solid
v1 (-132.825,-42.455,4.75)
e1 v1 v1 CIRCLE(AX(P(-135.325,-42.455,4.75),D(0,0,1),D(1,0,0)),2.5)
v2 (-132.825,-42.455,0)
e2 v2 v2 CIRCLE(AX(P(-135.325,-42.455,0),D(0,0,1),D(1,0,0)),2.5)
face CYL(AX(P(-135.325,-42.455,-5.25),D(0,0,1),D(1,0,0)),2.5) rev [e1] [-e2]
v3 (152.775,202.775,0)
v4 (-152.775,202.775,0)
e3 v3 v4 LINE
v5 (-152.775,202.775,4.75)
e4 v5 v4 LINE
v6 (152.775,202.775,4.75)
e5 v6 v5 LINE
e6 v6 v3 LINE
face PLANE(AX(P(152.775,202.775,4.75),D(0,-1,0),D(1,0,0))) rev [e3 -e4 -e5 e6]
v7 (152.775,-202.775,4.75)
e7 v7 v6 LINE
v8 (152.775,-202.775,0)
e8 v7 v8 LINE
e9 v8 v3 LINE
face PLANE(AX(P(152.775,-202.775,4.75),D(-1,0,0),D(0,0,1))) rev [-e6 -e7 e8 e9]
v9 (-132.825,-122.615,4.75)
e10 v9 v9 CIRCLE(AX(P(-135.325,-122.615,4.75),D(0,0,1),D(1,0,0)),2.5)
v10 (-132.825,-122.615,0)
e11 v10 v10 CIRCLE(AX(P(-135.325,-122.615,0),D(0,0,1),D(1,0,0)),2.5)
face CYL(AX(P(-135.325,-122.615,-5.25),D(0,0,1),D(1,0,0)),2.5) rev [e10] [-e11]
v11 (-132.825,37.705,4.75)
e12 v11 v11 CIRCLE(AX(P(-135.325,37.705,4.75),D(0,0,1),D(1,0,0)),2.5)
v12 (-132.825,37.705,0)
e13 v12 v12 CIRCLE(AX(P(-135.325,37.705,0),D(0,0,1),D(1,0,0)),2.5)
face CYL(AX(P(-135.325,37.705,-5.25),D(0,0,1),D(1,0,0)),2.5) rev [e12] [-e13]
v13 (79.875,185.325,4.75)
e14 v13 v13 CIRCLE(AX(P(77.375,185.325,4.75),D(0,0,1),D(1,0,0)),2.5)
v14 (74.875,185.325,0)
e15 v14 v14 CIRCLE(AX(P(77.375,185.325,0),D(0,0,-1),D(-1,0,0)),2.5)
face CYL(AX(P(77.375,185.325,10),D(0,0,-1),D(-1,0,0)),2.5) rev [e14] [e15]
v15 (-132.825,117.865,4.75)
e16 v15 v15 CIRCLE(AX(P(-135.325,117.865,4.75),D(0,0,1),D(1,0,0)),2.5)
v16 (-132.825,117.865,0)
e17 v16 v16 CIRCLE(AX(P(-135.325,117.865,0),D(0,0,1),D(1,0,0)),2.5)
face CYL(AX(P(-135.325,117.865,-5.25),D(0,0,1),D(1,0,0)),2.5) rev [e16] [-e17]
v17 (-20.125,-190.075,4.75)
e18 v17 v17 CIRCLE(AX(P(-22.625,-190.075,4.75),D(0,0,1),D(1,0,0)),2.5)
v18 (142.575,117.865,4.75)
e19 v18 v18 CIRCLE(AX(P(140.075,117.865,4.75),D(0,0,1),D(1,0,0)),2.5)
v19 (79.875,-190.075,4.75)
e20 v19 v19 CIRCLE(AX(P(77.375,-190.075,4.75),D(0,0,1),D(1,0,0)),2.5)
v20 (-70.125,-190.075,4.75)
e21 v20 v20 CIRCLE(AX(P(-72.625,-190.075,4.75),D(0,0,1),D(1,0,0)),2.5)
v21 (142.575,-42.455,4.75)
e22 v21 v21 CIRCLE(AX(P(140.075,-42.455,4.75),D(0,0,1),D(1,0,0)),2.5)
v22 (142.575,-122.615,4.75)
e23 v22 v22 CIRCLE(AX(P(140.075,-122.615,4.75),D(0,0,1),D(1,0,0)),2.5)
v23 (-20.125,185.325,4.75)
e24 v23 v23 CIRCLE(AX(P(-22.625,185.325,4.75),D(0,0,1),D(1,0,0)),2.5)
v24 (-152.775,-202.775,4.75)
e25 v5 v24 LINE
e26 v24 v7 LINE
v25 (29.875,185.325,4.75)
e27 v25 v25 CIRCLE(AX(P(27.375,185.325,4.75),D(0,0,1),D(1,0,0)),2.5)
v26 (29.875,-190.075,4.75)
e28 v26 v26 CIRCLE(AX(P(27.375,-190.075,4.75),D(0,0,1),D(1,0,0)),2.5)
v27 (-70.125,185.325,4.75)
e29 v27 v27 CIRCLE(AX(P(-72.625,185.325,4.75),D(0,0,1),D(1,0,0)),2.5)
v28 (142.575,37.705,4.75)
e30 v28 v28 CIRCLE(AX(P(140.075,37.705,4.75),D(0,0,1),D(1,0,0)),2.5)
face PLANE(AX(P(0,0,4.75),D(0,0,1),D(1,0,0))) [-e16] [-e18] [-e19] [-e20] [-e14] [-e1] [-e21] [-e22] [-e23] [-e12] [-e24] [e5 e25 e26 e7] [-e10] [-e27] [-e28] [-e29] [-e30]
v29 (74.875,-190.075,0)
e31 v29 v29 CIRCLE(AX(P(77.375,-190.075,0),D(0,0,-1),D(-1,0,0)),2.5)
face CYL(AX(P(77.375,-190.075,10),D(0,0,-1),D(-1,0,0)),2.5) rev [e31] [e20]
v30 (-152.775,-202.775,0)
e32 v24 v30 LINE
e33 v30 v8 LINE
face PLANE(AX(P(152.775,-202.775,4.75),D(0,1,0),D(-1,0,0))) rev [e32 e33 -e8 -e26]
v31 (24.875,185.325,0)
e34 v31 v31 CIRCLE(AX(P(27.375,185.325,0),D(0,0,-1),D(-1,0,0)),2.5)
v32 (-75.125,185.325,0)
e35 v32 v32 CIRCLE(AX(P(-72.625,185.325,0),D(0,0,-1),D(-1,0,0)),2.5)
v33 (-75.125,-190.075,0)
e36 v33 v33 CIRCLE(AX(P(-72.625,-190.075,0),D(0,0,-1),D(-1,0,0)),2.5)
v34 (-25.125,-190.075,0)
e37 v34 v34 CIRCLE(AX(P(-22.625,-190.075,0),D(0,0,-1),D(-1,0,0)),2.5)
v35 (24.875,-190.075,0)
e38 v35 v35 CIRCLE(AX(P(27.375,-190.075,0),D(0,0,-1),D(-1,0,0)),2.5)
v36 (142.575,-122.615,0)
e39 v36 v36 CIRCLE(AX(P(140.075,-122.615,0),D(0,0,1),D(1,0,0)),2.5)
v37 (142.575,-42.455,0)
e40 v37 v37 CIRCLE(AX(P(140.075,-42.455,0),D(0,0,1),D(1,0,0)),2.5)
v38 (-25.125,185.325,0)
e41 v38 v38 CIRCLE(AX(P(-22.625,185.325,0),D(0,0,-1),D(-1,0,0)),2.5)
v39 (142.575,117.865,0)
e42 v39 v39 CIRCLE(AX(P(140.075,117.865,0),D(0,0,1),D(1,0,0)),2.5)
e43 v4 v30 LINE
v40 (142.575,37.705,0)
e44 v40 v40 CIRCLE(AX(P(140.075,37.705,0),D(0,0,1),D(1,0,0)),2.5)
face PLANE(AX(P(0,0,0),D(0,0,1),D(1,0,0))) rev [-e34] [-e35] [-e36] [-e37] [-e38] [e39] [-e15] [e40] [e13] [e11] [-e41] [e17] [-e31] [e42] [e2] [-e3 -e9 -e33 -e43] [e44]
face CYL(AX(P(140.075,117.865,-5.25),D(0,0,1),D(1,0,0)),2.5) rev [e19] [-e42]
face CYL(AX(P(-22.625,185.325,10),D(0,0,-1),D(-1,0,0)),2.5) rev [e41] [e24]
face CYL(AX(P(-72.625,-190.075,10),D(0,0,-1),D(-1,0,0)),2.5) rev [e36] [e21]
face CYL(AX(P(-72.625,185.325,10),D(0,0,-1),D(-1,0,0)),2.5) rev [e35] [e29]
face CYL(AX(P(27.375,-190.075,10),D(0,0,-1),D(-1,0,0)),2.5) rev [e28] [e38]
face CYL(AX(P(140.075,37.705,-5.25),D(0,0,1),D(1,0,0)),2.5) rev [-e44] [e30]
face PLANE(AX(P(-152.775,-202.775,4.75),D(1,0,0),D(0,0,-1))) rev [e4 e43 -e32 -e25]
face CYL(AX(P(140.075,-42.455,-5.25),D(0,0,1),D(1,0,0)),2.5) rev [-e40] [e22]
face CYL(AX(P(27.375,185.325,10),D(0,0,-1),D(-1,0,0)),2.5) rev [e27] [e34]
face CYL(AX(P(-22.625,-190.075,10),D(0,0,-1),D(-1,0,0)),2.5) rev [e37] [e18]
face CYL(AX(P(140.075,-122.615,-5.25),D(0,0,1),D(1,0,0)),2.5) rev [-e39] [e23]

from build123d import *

# Parameters (mm, degrees)
SKETCH_1_W          = 305.55
SKETCH_1_H          = 405.55
EXTRUDE_1_DEPTH     = 4.75
SKETCH_3_R          = 2.5
CUT_EXTRUDE_1_DEPTH = 10
SKETCH_5_R          = 2.5
CUT_EXTRUDE_3_DEPTH = 10
SKETCH_6_R          = 2.5
CUT_EXTRUDE_4_DEPTH = 10
SKETCH_7_R          = 2.5
CUT_EXTRUDE_5_DEPTH = 10


with BuildPart() as part:
    # 草圖1 → 填料-伸長1 (new body)
    with BuildSketch(Plane.XY):
        Rectangle(SKETCH_1_W, SKETCH_1_H)
    extrude(amount=EXTRUDE_1_DEPTH)

    # 草圖3 → 除料-伸長1 (cut)
    with BuildSketch(Plane.XY.offset(4.75)):
        with Locations((140.075, 37.705)):
            Circle(SKETCH_3_R)
        with Locations((140.075, 117.865)):
            Circle(SKETCH_3_R)
        with Locations((140.075, -42.455)):
            Circle(SKETCH_3_R)
        with Locations((140.075, -122.615)):
            Circle(SKETCH_3_R)
    extrude(amount=-CUT_EXTRUDE_1_DEPTH, mode=Mode.SUBTRACT)

    # 草圖5 → 除料-伸長3 (cut)
    with BuildSketch(Plane.XY.offset(4.75)):
        with Locations((-135.325, -122.615)):
            Circle(SKETCH_5_R)
        with Locations((-135.325, -42.455)):
            Circle(SKETCH_5_R)
        with Locations((-135.325, 37.705)):
            Circle(SKETCH_5_R)
        with Locations((-135.325, 117.865)):
            Circle(SKETCH_5_R)
    extrude(amount=-CUT_EXTRUDE_3_DEPTH, mode=Mode.SUBTRACT)

    # 草圖6 → 除料-伸長4 (cut)
    with BuildSketch(Plane(origin=(0, 0, 0), x_dir=(-1, 0, 0), z_dir=(0, 0, -1))):
        with Locations((22.625, 185.325)):
            Circle(SKETCH_6_R)
        with Locations((72.625, 185.325)):
            Circle(SKETCH_6_R)
        with Locations((-77.375, 185.325)):
            Circle(SKETCH_6_R)
        with Locations((-27.375, 185.325)):
            Circle(SKETCH_6_R)
    extrude(amount=-CUT_EXTRUDE_4_DEPTH, mode=Mode.SUBTRACT)

    # 草圖7 → 除料-伸長5 (cut)
    with BuildSketch(Plane(origin=(0, 0, 0), x_dir=(-1, 0, 0), z_dir=(0, 0, -1))):
        with Locations((-77.375, -190.075)):
            Circle(SKETCH_7_R)
        with Locations((-27.375, -190.075)):
            Circle(SKETCH_7_R)
        with Locations((22.625, -190.075)):
            Circle(SKETCH_7_R)
        with Locations((72.625, -190.075)):
            Circle(SKETCH_7_R)
    extrude(amount=-CUT_EXTRUDE_5_DEPTH, mode=Mode.SUBTRACT)


solid = part.part
